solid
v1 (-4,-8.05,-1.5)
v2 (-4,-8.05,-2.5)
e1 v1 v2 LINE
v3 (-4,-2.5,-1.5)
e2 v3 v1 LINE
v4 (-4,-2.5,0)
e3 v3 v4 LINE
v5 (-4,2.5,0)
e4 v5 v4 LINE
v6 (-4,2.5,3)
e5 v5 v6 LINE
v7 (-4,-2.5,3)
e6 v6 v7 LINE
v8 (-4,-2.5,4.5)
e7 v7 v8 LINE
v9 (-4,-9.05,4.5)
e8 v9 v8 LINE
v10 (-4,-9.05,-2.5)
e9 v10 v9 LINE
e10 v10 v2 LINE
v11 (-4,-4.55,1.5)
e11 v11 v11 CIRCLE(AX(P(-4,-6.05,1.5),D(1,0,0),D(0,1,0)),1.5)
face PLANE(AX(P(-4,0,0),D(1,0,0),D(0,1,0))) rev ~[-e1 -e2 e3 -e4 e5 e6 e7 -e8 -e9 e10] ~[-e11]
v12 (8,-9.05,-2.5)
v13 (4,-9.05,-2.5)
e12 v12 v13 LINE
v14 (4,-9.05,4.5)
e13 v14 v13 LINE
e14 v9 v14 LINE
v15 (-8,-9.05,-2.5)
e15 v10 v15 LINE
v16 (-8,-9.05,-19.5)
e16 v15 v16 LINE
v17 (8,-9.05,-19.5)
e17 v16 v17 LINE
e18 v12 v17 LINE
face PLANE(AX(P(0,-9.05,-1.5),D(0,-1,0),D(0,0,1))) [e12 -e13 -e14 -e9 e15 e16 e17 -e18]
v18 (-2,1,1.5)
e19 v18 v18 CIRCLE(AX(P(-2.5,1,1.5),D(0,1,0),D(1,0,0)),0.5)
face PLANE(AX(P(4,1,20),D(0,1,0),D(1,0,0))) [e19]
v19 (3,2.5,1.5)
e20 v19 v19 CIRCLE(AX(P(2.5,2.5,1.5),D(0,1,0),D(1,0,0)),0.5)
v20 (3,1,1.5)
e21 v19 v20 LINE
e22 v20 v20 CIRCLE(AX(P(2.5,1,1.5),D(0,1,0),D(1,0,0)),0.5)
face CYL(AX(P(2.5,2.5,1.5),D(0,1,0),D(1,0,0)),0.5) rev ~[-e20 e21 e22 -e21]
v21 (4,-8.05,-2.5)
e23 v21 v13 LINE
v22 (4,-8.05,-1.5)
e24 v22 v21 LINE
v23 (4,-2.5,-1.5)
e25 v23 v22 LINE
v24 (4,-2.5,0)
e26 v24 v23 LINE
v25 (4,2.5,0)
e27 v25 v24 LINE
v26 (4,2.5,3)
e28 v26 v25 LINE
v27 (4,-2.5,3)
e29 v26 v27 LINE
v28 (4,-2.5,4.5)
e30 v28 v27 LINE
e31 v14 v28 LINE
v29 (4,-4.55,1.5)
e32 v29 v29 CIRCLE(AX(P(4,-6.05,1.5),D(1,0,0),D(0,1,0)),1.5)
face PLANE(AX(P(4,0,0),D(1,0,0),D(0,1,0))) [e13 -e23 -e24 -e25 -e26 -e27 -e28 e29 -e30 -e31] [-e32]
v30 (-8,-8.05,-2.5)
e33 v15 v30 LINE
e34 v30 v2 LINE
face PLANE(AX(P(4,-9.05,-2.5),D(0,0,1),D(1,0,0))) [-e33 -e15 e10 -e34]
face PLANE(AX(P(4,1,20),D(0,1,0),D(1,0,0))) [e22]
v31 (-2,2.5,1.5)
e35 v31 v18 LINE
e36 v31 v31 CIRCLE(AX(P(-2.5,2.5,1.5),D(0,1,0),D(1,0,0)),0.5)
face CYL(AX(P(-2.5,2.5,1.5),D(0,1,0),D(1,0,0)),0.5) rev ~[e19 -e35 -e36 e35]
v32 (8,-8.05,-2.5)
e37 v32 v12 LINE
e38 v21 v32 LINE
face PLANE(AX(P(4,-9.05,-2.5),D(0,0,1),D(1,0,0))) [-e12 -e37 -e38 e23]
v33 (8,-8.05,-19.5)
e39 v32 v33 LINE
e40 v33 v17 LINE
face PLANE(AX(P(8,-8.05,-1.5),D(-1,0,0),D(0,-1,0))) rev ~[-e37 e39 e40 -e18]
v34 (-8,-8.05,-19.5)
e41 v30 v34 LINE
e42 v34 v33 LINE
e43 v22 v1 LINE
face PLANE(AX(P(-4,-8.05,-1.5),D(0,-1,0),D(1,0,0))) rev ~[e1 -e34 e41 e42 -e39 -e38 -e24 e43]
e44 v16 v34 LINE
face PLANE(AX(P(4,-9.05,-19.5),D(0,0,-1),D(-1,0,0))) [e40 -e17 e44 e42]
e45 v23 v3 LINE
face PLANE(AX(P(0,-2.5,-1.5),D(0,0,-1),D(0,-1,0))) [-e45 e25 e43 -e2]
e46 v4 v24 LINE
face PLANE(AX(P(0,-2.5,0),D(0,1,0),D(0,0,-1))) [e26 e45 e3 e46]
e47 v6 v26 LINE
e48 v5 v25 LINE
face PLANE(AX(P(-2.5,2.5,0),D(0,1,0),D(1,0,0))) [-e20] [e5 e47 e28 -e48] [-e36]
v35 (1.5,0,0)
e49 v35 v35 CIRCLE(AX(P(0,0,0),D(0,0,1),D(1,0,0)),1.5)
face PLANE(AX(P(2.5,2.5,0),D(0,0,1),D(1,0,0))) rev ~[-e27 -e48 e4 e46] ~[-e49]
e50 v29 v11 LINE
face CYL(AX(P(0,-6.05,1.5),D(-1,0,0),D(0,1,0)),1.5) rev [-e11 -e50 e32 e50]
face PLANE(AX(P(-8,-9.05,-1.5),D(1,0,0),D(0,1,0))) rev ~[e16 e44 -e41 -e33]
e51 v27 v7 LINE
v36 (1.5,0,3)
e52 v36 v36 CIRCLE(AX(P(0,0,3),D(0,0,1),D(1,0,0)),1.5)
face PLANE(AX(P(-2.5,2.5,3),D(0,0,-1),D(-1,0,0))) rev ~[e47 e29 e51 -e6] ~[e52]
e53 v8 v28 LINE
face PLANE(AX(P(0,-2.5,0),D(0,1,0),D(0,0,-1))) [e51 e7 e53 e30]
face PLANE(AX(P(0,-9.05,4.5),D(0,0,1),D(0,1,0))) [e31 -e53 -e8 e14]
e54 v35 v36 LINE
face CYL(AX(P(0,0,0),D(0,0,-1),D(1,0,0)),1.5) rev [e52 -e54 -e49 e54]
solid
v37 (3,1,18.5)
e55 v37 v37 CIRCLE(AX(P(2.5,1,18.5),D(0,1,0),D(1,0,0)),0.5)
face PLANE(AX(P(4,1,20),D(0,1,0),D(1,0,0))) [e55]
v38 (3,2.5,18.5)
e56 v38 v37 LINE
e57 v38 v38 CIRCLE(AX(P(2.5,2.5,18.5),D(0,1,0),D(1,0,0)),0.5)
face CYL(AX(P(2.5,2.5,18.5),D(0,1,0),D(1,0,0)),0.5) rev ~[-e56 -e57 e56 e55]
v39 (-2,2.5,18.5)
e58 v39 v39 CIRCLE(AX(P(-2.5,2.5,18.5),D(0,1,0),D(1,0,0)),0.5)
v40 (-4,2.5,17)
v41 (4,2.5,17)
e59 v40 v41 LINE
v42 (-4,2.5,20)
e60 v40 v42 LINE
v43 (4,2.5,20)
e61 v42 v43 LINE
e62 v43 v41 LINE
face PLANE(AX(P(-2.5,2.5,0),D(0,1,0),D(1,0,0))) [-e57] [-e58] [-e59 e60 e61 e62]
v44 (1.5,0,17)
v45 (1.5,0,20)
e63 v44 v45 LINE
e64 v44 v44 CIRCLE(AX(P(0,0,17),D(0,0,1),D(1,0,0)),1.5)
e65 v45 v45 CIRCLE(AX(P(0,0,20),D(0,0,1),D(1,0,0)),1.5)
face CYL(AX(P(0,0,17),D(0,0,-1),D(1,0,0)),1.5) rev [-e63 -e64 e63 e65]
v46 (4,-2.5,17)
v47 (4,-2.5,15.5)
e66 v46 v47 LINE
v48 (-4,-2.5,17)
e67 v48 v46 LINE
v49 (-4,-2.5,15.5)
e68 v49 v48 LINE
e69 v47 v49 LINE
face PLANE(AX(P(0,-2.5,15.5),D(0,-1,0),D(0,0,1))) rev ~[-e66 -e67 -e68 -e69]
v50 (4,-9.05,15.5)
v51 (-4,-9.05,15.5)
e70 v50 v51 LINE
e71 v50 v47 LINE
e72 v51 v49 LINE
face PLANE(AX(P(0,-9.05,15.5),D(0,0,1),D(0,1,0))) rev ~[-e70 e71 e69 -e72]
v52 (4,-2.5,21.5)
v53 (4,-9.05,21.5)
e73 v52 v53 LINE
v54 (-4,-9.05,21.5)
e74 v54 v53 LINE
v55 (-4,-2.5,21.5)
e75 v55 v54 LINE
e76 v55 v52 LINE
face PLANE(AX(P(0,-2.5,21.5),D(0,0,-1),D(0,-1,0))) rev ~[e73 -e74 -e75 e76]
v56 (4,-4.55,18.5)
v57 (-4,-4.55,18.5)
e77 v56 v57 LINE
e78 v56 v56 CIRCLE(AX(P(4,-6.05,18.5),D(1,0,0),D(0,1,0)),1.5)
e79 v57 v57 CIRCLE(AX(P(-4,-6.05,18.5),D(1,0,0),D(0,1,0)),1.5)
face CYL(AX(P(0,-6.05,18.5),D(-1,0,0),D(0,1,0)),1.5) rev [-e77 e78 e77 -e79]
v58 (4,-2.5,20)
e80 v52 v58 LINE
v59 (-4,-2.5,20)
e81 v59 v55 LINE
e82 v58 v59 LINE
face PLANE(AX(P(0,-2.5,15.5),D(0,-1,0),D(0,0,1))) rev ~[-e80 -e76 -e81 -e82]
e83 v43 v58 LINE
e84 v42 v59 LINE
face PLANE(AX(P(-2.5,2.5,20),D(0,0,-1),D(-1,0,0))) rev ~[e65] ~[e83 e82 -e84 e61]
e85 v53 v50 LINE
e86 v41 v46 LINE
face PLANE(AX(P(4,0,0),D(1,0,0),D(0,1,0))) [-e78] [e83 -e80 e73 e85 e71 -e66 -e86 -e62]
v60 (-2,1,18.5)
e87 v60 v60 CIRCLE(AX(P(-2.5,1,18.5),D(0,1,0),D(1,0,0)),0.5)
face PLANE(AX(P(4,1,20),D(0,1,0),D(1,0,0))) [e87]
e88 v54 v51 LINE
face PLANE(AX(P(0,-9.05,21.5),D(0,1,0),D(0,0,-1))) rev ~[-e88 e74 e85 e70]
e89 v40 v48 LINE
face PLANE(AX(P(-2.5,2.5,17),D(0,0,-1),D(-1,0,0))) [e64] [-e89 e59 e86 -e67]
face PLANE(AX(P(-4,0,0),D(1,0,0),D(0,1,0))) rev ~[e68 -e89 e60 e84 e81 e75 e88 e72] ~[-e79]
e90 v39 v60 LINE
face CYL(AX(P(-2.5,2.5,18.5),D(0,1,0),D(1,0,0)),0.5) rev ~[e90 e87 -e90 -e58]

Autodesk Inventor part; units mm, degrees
ref_plane "YZ Plane" through (0, 0, 0) normal (1, 0, 0) x (0, 1, 0)
ref_plane "XZ Plane" through (0, 0, 0) normal (0, 1, 0) x (-1, 0, 0)
ref_plane "XY Plane" through (0, 0, 0) normal (0, 0, 1) x (1, 0, 0)
sketch "Sketch1" plane through (0, 0, 0) normal (0, 0, 1) x (1, 0, 0)
  circle A0 centre (0, 0) radius 1.5
  line L0 (2.5, 2.5) -> (2.5, -2.5)
  line L1 (2.5, -2.5) -> (-2.5, -2.5)
  line L2 (-2.5, -2.5) -> (-2.5, 2.5)
  line L3 (-2.5, 2.5) -> (2.5, 2.5)
  dimension "d0" = 3
  dimension "d1" = 5
extrude "Extrusion1" add sketch "Sketch1" along normal blind 3
pattern_linear "Rectangular Pattern1" count 2 spacing 17 along (0, 0, 1) of "Extrusion1"
sketch "Sketch2" plane through (0, 0, 0) normal (1, 0, 0) x (0, 1, 0)
  line L0 (-2.5, 17) -> (-2.5, 20) projected
  line L1 (-2.5, 0) -> (-2.5, 3) projected
  line L2 (-2.5, 18.5) -> (-6.05, 18.5) construction
  line L3 (-6.05, 18.5) -> (-6.05, 1.5) construction
  line L4 (-6.05, 1.5) -> (-2.5, 1.5) construction
  line L5 (2.5, 3) -> (-2.5, 3) projected
  line L6 (2.5, 17) -> (-2.5, 17) projected
  line L7 (0, 16.4638) -> (0, 3) construction
  circle A0 centre (-6.05, 18.5) radius 1.5
  circle A1 centre (-6.05, 1.5) radius 1.5
  line L8 (-2.5, 20) -> (-2.5, 21.5)
  line L9 (-2.5, 21.5) -> (-9.05, 21.5)
  line L10 (-9.05, 21.5) -> (-9.05, 15.5)
  line L11 (-9.05, 15.5) -> (-2.5, 15.5)
  line L12 (-2.5, 15.5) -> (-2.5, 17)
  line L13 (-6.05, 10) -> (0, 10) construction
  line L14 (-2.5, 3) -> (-2.5, 0)
  line L15 (-2.5, 1.5) -> (-6.05, 1.5) construction
  circle A2 centre (-6.05, 1.5) radius 1.5
  line L16 (-2.5, 0) -> (-2.5, -1.5)
  line L17 (-2.5, -1.5) -> (-9.05, -1.5)
  line L18 (-9.05, -1.5) -> (-9.05, 4.5)
  line L19 (-9.05, 4.5) -> (-2.5, 4.5)
  line L20 (-2.5, 4.5) -> (-2.5, 3)
  line L21 (-2.5, 17) -> (-2.5, 20)
  dimension "d7" = 6.05
  dimension "d8" = 3
  dimension "d9" = 3
  dimension "d10" = 3
  dimension "d11" = 3
extrude "Extrusion2" add sketch "Sketch2" along normal mid plane 8
sketch "Sketch4" plane through (4, -9.05, -1.5) normal (0, 0, -1) x (-1, 0, 0)
  line L0 (8, 0) -> (0, 0) projected
  line L1 (8, 0) -> (8, 6.55) projected
  line L2 (0, 0) -> (8, 0)
  line L3 (8, 0) -> (8, 1)
  line L4 (8, 1) -> (0, 1)
  line L5 (0, 1) -> (0, 0)
  line L6 (0, 1) -> (-4, 1)
  line L7 (-4, 1) -> (-4, 0)
  line L8 (-4, 0) -> (0, 0)
  line L9 (0, 0) -> (0, 1)
  line L10 (8, 0) -> (12, 0)
  line L11 (12, 0) -> (12, 1)
  line L12 (12, 1) -> (8, 1)
  line L13 (8, 1) -> (8, 0)
  circle A0 centre (4, 9.05) radius 1.5 projected
  circle A1 centre (4, 9.05) radius 8.05 construction
  dimension "d14" = 1
  dimension "d15" = 16
  dimension "d16" = 16.1
  dimension "d17" = 0
extrude "Extrusion3" add sketch "Sketch4" along normal blind 18 contours L0 L5 L4 L1 | L1 L12 L11 L10 | L8 L7 L6 L5
sketch "Sketch5" plane through (4, -9.05, -1.5) normal (0, 0, 1) x (1, 0, 0)
  line L0 (0, 1) -> (0, 0) projected
  line L1 (4, 0) -> (0, 0) projected
  line L2 (4, 1) -> (4, 0) projected
  line L3 (0, 1) -> (4, 1) projected
  line L4 (-8, 0) -> (-8, 1) projected
  line L5 (-12, 1) -> (-8, 1) projected
  line L6 (-12, 0) -> (-12, 1) projected
  line L7 (-8, 0) -> (-12, 0) projected
extrude "Extrusion4" cut sketch "Sketch5" against normal blind 1
sketch "Sketch6" plane through (-2.5, 2.5, 0) normal (0, 1, 0) x (1, 0, 0)
  line L0 (0, -20) -> (5, -20) projected
  line L1 (5, -17) -> (5, -20) projected
  line L2 (0, -17) -> (5, -17) projected
  line L3 (0, -17) -> (0, -20) projected
  line L4 (6.5, -21.5) -> (6.5, -15.5) projected
  line L5 (-1.5, -15.5) -> (6.5, -15.5) projected
  line L6 (-1.5, -15.5) -> (-1.5, -21.5) projected
  line L7 (-1.5, -21.5) -> (6.5, -21.5) projected
  line L8 (5, -17) -> (5, -20) projected
  line L9 (5, -20) -> (0, -20) projected
  line L10 (0, -17) -> (0, -20) projected
  line L11 (5, -17) -> (0, -17) projected
  line L12 (6.5, -4.5) -> (6.5, 1.5) projected
  line L13 (-1.5, 1.5) -> (6.5, 1.5) projected
  line L14 (-1.5, 1.5) -> (-1.5, -4.5) projected
  line L15 (-1.5, -4.5) -> (6.5, -4.5) projected
  line L16 (5, 0) -> (5, -3) projected
  line L17 (5, -3) -> (0, -3) projected
  line L18 (0, 0) -> (0, -3) projected
  line L19 (5, 0) -> (0, 0) projected
  line L20 (0, -3) -> (-1.5, -3)
  line L21 (0, 0) -> (-1.5, 0)
  line L22 (5, -3) -> (6.5, -3)
  line L23 (5, 0) -> (6.5, 0)
  line L24 (5, -20) -> (6.5, -20)
  line L25 (5, -17) -> (6.5, -17)
  line L26 (0, -17) -> (-1.5, -17)
  line L27 (0, -20) -> (-1.5, -20)
extrude "Extrusion5" add sketch "Sketch6" against normal up to surface (5 mm away) contours L27 L6 L26 L3 | L1 L25 L4 L24 | L22 L16 L23 L12 | L14 L21 L18 L20
sketch "Sketch7" plane through (4, 2.5, 20) normal (0, 1, 0) x (1, 0, 0)
  line L0 (0, 0) -> (0, 3) projected
  line L1 (-8, 3) -> (-8, 0) projected
  line L2 (-8, 17) -> (0, 17) projected
  line L3 (0, 17) -> (0, 20) projected
  line L4 (0, 20) -> (-8, 20) projected
  line L5 (-8, 20) -> (-8, 17) projected
  line L6 (-8, 18.5) -> (0, 18.5) construction
  line L7 (-8, 1.5) -> (0, 1.5) construction
  line L8 (-4, 18.5) -> (-4, 1.5) construction
  circle A0 centre (-6.5, 18.5) radius 0.5
  line L9 (-4, 10) -> (-9.0757, 10) construction
  line L10 (0, 1.5) -> (-8, 1.5) construction
  circle A1 centre (-1.5, 18.5) radius 0.5
  circle A2 centre (-6.5, 1.5) radius 0.5
  circle A3 centre (-1.5, 1.5) radius 0.5
  dimension "d24" = 1
  dimension "d25" = 2.5
extrude "Extrusion6" cut sketch "Sketch7" against normal blind 1.5 contours A0 | A1 | A2 | A3
thread "Thread1" size "M1x0.25" class "6H" standard "ANSI Metric M Profile" full length
thread "Thread2" size "M1x0.25" class "6H" standard "ANSI Metric M Profile" full length
thread "Thread3" size "M1x0.25" class "6H" standard "ANSI Metric M Profile" full length
thread "Thread4" size "M1x0.25" class "6H" standard "ANSI Metric M Profile" full length
properties part number "Bearing1"
